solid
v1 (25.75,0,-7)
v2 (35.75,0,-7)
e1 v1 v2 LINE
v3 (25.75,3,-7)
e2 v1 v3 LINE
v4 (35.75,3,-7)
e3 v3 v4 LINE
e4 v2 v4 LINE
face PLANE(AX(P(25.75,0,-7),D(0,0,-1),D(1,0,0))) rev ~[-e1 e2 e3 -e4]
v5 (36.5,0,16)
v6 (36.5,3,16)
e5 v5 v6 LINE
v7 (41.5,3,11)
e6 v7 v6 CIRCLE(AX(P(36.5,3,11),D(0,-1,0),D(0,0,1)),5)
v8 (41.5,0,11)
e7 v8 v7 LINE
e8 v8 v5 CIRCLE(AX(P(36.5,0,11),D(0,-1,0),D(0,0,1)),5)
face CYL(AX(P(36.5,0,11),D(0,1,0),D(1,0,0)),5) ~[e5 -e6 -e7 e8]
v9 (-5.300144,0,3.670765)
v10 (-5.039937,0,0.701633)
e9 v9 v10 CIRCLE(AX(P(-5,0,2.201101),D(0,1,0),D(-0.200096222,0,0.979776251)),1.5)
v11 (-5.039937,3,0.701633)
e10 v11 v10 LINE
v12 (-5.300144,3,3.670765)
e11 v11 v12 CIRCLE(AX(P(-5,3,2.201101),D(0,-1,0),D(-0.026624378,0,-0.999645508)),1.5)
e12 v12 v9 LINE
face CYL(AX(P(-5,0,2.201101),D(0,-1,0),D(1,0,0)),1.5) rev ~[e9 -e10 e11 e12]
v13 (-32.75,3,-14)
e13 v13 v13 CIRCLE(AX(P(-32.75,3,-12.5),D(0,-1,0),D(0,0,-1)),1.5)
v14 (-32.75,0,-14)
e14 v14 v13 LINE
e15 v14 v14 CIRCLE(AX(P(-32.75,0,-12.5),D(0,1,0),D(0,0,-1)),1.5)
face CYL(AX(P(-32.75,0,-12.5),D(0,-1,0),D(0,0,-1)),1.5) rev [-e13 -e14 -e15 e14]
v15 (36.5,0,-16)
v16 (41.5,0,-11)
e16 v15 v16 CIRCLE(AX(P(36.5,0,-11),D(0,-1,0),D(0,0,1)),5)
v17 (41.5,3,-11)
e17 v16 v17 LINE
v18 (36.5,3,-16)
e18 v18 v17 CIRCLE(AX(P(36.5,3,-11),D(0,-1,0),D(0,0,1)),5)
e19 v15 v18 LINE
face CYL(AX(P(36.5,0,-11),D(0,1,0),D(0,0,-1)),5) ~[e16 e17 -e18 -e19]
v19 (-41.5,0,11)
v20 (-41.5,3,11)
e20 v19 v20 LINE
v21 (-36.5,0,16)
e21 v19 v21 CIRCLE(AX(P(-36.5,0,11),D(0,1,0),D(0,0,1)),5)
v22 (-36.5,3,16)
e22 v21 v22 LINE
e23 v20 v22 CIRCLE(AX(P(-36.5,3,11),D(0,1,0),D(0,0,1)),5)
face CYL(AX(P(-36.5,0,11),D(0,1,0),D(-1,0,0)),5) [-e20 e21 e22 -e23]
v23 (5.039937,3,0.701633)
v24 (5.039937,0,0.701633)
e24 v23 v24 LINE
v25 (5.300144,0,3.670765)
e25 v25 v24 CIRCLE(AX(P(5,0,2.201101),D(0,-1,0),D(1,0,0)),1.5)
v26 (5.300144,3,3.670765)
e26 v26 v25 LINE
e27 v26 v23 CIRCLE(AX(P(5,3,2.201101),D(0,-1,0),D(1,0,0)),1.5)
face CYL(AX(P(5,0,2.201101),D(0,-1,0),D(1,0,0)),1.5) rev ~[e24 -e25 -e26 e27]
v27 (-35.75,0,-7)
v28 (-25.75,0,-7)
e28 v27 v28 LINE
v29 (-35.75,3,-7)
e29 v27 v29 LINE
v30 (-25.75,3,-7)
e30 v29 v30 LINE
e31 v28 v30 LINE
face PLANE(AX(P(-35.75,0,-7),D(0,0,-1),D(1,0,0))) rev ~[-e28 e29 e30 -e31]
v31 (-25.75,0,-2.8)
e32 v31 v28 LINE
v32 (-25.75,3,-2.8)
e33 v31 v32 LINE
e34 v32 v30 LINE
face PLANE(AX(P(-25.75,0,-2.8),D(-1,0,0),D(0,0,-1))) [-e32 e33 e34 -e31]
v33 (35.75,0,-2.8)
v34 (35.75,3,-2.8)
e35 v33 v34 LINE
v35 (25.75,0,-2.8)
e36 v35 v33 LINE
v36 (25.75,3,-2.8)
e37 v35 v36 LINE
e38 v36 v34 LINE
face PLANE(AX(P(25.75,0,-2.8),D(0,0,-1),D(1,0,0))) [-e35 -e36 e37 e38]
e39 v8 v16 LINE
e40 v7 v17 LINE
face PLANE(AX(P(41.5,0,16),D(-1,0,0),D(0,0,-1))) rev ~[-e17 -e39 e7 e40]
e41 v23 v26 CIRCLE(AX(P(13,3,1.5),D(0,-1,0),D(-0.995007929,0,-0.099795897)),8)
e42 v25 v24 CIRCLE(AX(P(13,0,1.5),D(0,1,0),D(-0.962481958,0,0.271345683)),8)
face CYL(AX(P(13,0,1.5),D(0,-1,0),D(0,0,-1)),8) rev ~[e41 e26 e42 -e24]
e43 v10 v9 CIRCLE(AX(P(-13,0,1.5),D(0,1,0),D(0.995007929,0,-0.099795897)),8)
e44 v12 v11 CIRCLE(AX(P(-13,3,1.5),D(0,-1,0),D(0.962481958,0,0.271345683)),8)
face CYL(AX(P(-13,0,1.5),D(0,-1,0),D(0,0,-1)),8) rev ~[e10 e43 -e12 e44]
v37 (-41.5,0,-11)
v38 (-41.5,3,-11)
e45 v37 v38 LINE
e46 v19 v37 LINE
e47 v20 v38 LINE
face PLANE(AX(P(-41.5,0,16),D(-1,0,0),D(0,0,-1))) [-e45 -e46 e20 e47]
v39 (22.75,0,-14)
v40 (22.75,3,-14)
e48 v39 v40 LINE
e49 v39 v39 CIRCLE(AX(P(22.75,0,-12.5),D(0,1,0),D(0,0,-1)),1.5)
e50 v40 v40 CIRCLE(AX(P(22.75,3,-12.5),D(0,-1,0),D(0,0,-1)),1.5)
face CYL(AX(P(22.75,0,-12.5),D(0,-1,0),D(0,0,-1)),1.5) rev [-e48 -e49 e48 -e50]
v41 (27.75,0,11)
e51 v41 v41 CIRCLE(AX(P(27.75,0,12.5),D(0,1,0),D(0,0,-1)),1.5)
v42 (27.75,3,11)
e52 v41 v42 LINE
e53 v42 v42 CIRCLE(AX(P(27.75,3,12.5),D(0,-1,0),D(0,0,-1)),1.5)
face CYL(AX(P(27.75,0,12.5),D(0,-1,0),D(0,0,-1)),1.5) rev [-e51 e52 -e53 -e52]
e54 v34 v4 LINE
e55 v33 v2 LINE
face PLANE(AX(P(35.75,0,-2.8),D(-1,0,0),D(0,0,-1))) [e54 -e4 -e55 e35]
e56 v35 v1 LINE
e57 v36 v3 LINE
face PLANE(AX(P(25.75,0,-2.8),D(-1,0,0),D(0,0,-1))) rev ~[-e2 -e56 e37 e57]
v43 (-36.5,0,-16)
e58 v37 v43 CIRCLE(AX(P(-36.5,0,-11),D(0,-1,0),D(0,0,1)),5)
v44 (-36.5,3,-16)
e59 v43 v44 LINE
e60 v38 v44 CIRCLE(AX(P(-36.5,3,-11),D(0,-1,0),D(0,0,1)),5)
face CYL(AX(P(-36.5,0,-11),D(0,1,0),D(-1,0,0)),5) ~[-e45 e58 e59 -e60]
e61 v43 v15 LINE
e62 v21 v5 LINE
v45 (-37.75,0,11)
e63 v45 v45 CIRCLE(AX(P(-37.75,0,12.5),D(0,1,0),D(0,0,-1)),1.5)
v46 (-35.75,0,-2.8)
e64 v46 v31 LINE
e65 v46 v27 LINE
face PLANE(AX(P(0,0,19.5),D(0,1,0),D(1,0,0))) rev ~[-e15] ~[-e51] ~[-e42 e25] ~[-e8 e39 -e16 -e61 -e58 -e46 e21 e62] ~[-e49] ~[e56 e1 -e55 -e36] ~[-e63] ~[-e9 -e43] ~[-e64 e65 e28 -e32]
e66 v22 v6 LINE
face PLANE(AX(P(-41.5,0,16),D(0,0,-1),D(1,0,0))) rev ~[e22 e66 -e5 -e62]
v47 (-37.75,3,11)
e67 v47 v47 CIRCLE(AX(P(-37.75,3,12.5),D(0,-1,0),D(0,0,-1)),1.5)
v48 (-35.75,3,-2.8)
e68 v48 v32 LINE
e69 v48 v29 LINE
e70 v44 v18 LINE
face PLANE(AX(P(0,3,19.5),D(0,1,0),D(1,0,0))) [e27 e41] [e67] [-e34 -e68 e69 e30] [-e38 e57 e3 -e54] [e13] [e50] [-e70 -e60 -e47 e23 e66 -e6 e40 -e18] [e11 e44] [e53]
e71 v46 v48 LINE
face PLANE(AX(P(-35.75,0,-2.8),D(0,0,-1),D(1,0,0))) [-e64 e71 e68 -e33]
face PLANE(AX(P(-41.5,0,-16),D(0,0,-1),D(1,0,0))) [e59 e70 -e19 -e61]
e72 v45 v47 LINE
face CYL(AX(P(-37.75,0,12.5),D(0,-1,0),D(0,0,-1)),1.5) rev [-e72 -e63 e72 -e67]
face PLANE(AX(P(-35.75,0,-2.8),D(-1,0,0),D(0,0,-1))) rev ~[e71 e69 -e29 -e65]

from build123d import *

# Parameters (mm, degrees)
SKETCH1_W           = 95
SKETCH1_H           = 35
BOSS_EXTRUDE1_DEPTH = 3
CUT_EXTRUDE1_REACH  = 52.71
SKETCH3_R           = 8
CUT_EXTRUDE2_REACH  = 52.71
SKETCH4_R           = 1.5
SKETCH5_W           = 95
SKETCH5_H           = 4
BOSS_EXTRUDE2_DEPTH = 3
CUT_EXTRUDE3_REACH  = 54.225
SKETCH6_W           = 10
SKETCH6_H           = 4.2
CUT_EXTRUDE4_REACH  = 54.225
SKETCH7_R           = 1.5
CUT_EXTRUDE5_REACH  = 54.225
SKETCH8_W           = 105.539235452
SKETCH8_H           = 51.644684014
SKETCH8_W_2         = 83
SKETCH8_H_2         = 32
FILLET1_R           = 5


with BuildPart() as part:
    # Sketch1 → Boss-Extrude1 (new body)
    with BuildSketch(Plane(origin=(0, 0, 0), x_dir=(1, 0, 0), z_dir=(0, 1, 0))):
        Rectangle(SKETCH1_W, SKETCH1_H)
    extrude(amount=BOSS_EXTRUDE1_DEPTH)

    # Sketch3 → Cut-Extrude1 (cut, up to next)
    with BuildSketch(Plane.XZ, mode=Mode.PRIVATE) as cut_extrude1_sk1:
        with Locations(Location((-13, 1.5, 0), (0, 0, 270))):
            Circle(SKETCH3_R)
    cut_extrude1_tool1 = extrude(cut_extrude1_sk1.sketch, amount=-CUT_EXTRUDE1_REACH, mode=Mode.PRIVATE) & part.part
    # Sketch3 → Cut-Extrude1 (cut, up to next)
    with BuildSketch(Plane.XZ, mode=Mode.PRIVATE) as cut_extrude1_sk2:
        with Locations(Location((13, 1.5, 0), (0, 0, 270))):
            Circle(SKETCH3_R)
    cut_extrude1_tool2 = extrude(cut_extrude1_sk2.sketch, amount=-CUT_EXTRUDE1_REACH, mode=Mode.PRIVATE) & part.part
    add(cut_extrude1_tool1.solids().sort_by_distance((-13, 0, 1.5))[0], mode=Mode.SUBTRACT)
    add(cut_extrude1_tool2.solids().sort_by_distance((13, 0, 1.5))[0], mode=Mode.SUBTRACT)

    # Sketch4 → Cut-Extrude2 (cut, up to next)
    with BuildSketch(Plane(origin=(0, 0, 0), x_dir=(1, 0, 0), z_dir=(0, 1, 0)), mode=Mode.PRIVATE) as cut_extrude2_sk1:
        with Locations(Location((-37.75, -12.5, 0), (0, 0, 90))):
            Circle(SKETCH4_R)
    cut_extrude2_tool1 = extrude(cut_extrude2_sk1.sketch, amount=CUT_EXTRUDE2_REACH, mode=Mode.PRIVATE) & part.part
    # Sketch4 → Cut-Extrude2 (cut, up to next)
    with BuildSketch(Plane(origin=(0, 0, 0), x_dir=(1, 0, 0), z_dir=(0, 1, 0)), mode=Mode.PRIVATE) as cut_extrude2_sk2:
        with Locations(Location((27.75, -12.5, 0), (0, 0, 90))):
            Circle(SKETCH4_R)
    cut_extrude2_tool2 = extrude(cut_extrude2_sk2.sketch, amount=CUT_EXTRUDE2_REACH, mode=Mode.PRIVATE) & part.part
    # Sketch4 → Cut-Extrude2 (cut, up to next)
    with BuildSketch(Plane(origin=(0, 0, 0), x_dir=(1, 0, 0), z_dir=(0, 1, 0)), mode=Mode.PRIVATE) as cut_extrude2_sk3:
        with Locations(Location((22.75, 12.5, 0), (0, 0, 90))):
            Circle(SKETCH4_R)
    cut_extrude2_tool3 = extrude(cut_extrude2_sk3.sketch, amount=CUT_EXTRUDE2_REACH, mode=Mode.PRIVATE) & part.part
    # Sketch4 → Cut-Extrude2 (cut, up to next)
    with BuildSketch(Plane(origin=(0, 0, 0), x_dir=(1, 0, 0), z_dir=(0, 1, 0)), mode=Mode.PRIVATE) as cut_extrude2_sk4:
        with Locations(Location((-32.75, 12.5, 0), (0, 0, 90))):
            Circle(SKETCH4_R)
    cut_extrude2_tool4 = extrude(cut_extrude2_sk4.sketch, amount=CUT_EXTRUDE2_REACH, mode=Mode.PRIVATE) & part.part
    add(cut_extrude2_tool1.solids().sort_by_distance((-37.75, 0, 12.5))[0], mode=Mode.SUBTRACT)
    add(cut_extrude2_tool2.solids().sort_by_distance((27.75, 0, 12.5))[0], mode=Mode.SUBTRACT)
    add(cut_extrude2_tool3.solids().sort_by_distance((22.75, 0, -12.5))[0], mode=Mode.SUBTRACT)
    add(cut_extrude2_tool4.solids().sort_by_distance((-32.75, 0, -12.5))[0], mode=Mode.SUBTRACT)

    # Sketch5 → Boss-Extrude2 (add)
    with BuildSketch(Plane(origin=(0, 0, 0), x_dir=(1, 0, 0), z_dir=(0, 1, 0))):
        with Locations((0, -19.5)):
            Rectangle(SKETCH5_W, SKETCH5_H)
        with Locations((0, 19.5)):
            Rectangle(SKETCH5_W, SKETCH5_H)
    extrude(amount=BOSS_EXTRUDE2_DEPTH)

    # Sketch6 → Cut-Extrude3 (cut, up to next)
    with BuildSketch(Plane(origin=(0, 0, 0), x_dir=(1, 0, 0), z_dir=(0, 1, 0)), mode=Mode.PRIVATE) as cut_extrude3_sk1:
        with Locations((-30.75, 4.9)):
            Rectangle(SKETCH6_W, SKETCH6_H)
    cut_extrude3_tool1 = extrude(cut_extrude3_sk1.sketch, amount=CUT_EXTRUDE3_REACH, mode=Mode.PRIVATE) & part.part
    # Sketch6 → Cut-Extrude3 (cut, up to next)
    with BuildSketch(Plane(origin=(0, 0, 0), x_dir=(1, 0, 0), z_dir=(0, 1, 0)), mode=Mode.PRIVATE) as cut_extrude3_sk2:
        with Locations((30.75, 4.9)):
            Rectangle(SKETCH6_W, SKETCH6_H)
    cut_extrude3_tool2 = extrude(cut_extrude3_sk2.sketch, amount=CUT_EXTRUDE3_REACH, mode=Mode.PRIVATE) & part.part
    add(cut_extrude3_tool1.solids().sort_by_distance((-30.75, 0, -4.9))[0], mode=Mode.SUBTRACT)
    add(cut_extrude3_tool2.solids().sort_by_distance((30.75, 0, -4.9))[0], mode=Mode.SUBTRACT)

    # Sketch7 → Cut-Extrude4 (cut, up to next)
    with BuildSketch(Plane.XZ, mode=Mode.PRIVATE) as cut_extrude4_sk1:
        with Locations((-5, 2.201101087)):
            Circle(SKETCH7_R)
    cut_extrude4_tool1 = extrude(cut_extrude4_sk1.sketch, amount=-CUT_EXTRUDE4_REACH, mode=Mode.PRIVATE) & part.part
    # Sketch7 → Cut-Extrude4 (cut, up to next)
    with BuildSketch(Plane.XZ, mode=Mode.PRIVATE) as cut_extrude4_sk2:
        with Locations((5, 2.201101087)):
            Circle(SKETCH7_R)
    cut_extrude4_tool2 = extrude(cut_extrude4_sk2.sketch, amount=-CUT_EXTRUDE4_REACH, mode=Mode.PRIVATE) & part.part
    add(cut_extrude4_tool1.solids().sort_by_distance((-5, 0, 2.201101))[0], mode=Mode.SUBTRACT)
    add(cut_extrude4_tool2.solids().sort_by_distance((5, 0, 2.201101))[0], mode=Mode.SUBTRACT)

    # Sketch8 → Cut-Extrude5 (cut, up to next)
    with BuildSketch(Plane(origin=(0, 0, 0), x_dir=(1, 0, 0), z_dir=(0, 1, 0)), mode=Mode.PRIVATE) as cut_extrude5_sk1:
        Rectangle(SKETCH8_W, SKETCH8_H)
        Rectangle(SKETCH8_W_2, SKETCH8_H_2, mode=Mode.SUBTRACT)
    cut_extrude5_tool1 = extrude(cut_extrude5_sk1.sketch, amount=CUT_EXTRUDE5_REACH, mode=Mode.PRIVATE) & part.part
    add(cut_extrude5_tool1.solids().sort_by_distance((0, 0, -24.647365))[0], mode=Mode.SUBTRACT)

    # Fillet1
    fillet1_edges = [part.edges().sort_by_distance(p)[0] for p in [
        (41.5, 1.5, -16),
        (-41.5, 1.5, -16),
        (-41.5, 1.5, 16),
        (41.5, 1.5, 16),
    ]]
    fillet(fillet1_edges, radius=FILLET1_R)


solid = part.part
